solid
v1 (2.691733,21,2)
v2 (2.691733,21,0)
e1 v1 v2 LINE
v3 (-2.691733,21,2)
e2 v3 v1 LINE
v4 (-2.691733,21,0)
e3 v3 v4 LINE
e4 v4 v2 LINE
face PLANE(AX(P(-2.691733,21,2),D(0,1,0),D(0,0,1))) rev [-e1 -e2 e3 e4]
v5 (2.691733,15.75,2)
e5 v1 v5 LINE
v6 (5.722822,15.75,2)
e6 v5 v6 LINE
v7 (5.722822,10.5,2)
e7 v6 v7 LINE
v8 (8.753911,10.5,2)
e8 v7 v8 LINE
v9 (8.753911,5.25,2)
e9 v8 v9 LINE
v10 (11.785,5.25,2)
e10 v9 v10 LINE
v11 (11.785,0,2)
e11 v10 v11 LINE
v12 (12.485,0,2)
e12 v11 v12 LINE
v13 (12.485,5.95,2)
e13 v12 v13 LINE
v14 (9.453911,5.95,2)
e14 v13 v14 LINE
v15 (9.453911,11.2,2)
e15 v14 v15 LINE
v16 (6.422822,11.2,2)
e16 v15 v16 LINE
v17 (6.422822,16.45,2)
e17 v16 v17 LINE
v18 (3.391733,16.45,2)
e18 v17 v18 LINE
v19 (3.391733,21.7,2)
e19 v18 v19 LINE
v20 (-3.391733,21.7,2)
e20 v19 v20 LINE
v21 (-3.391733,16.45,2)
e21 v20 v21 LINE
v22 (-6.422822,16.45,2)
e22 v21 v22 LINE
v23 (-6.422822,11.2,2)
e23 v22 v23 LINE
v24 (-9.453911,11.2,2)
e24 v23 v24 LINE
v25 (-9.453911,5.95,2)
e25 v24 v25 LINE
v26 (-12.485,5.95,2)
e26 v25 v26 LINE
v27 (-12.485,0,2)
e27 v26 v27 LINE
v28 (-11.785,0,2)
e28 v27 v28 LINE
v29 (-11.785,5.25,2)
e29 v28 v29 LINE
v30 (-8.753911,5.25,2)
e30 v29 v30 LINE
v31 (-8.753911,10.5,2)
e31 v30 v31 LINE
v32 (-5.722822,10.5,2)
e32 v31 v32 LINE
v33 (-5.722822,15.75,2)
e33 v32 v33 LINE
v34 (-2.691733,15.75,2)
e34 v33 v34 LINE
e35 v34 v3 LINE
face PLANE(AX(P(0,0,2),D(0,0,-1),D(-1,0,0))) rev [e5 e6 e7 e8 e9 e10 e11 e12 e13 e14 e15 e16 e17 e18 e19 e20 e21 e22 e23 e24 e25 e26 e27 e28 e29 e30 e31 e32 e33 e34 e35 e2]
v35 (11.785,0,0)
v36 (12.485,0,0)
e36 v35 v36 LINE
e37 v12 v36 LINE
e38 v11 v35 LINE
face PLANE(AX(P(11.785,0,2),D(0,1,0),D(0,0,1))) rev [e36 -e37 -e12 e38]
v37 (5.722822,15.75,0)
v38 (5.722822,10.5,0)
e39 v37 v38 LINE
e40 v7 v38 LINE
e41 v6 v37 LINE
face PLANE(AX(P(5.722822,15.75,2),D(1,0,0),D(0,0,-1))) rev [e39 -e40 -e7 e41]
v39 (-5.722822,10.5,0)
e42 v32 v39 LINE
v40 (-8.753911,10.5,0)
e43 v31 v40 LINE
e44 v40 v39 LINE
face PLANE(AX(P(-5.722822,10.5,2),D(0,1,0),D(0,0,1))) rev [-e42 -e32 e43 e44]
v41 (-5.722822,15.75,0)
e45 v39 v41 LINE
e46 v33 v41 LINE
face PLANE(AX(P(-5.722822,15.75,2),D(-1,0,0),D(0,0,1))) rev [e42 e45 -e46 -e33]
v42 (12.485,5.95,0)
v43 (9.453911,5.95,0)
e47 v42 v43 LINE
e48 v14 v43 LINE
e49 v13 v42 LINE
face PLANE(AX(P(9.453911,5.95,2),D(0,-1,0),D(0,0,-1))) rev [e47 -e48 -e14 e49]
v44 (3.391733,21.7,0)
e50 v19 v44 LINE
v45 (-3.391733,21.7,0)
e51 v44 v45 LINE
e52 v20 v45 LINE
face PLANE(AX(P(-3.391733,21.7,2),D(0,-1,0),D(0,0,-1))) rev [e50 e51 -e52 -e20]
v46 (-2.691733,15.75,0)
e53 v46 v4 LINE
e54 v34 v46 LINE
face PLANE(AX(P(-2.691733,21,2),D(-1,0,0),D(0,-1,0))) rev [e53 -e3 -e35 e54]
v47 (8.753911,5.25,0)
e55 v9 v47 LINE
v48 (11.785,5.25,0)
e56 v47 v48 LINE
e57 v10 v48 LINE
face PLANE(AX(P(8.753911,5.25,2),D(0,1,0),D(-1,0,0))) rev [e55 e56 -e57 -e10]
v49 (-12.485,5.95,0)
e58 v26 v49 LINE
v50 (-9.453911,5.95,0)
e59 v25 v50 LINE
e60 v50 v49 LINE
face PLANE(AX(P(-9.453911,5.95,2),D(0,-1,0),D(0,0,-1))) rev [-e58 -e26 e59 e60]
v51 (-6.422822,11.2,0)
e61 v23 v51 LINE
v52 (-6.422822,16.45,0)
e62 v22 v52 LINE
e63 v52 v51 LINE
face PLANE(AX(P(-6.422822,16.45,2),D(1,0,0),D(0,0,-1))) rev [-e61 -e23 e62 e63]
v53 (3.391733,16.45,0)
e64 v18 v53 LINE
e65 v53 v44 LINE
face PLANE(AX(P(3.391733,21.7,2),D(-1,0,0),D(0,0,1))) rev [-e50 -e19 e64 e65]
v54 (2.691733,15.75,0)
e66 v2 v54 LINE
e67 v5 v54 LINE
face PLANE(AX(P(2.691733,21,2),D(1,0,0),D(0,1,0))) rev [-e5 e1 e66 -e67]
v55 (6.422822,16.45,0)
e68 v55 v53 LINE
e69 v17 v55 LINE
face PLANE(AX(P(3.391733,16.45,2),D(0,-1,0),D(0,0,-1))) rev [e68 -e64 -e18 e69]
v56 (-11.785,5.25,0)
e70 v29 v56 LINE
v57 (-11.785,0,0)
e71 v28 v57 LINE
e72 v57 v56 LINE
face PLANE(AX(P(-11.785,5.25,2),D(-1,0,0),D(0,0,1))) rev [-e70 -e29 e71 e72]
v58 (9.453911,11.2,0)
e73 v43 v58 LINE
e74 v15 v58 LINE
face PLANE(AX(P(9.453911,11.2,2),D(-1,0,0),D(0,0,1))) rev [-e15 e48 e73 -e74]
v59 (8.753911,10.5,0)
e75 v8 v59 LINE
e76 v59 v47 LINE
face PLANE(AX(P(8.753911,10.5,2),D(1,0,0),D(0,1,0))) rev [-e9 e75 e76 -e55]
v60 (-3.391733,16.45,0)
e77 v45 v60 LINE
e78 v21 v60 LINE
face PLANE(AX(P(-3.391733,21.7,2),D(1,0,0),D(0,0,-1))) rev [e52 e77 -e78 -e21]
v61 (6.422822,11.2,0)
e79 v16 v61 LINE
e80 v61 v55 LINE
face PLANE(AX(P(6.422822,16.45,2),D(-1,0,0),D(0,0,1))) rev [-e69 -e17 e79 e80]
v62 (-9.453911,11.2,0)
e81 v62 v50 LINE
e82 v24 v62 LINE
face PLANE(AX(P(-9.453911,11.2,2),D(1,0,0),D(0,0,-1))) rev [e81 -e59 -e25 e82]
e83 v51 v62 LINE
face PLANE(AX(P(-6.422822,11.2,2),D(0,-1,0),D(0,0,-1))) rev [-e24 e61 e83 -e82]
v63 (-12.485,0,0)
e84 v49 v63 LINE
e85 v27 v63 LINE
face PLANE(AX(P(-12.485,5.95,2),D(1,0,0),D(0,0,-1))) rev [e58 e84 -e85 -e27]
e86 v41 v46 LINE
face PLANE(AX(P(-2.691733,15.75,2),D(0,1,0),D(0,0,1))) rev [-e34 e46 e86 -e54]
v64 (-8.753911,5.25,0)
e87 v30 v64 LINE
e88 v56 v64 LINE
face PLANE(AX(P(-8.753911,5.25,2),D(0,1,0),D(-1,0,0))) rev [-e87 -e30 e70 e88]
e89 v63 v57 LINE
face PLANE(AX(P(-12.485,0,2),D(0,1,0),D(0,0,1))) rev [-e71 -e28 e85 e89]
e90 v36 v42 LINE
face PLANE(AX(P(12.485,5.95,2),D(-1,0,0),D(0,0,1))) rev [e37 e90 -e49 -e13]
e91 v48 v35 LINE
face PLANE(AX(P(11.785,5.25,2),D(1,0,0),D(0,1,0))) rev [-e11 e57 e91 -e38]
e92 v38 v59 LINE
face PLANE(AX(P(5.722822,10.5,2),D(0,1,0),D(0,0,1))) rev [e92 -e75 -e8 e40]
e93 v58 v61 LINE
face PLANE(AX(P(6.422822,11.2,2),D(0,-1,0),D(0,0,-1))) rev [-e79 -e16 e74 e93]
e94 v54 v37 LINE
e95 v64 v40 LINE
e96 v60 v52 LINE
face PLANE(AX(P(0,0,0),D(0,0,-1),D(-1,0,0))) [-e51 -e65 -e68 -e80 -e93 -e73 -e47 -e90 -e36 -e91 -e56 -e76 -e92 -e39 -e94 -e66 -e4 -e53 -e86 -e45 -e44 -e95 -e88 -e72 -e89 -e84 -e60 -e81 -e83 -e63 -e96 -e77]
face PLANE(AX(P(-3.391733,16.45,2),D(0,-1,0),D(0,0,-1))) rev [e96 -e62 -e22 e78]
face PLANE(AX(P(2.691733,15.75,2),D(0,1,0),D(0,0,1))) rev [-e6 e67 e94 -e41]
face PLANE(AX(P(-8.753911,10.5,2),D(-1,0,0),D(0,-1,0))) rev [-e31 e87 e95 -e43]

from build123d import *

# Parameters (mm, degrees)
EXTRUDE_1_DEPTH = 2


with BuildPart() as part:
    # 草图1 → 凸台-拉伸1 (new body)
    with BuildSketch(Plane.XY):
        Polygon((-2.69173326, 21), (2.69173326, 21), (2.69173326, 15.75), (5.722822174, 15.75), (5.722822174, 10.5), (8.753911087, 10.5), (8.753911087, 5.25), (11.785, 5.25), (11.785, 0), (12.485, 0), (12.485, 5.95), (9.453911087, 5.95), (9.453911087, 11.2), (6.422822174, 11.2), (6.422822174, 16.45), (3.39173326, 16.45), (3.39173326, 21.7), (-3.39173326, 21.7), (-3.39173326, 16.45), (-6.422822174, 16.45), (-6.422822174, 11.2), (-9.453911087, 11.2), (-9.453911087, 5.95), (-12.485, 5.95), (-12.485, 0), (-11.785, 0), (-11.785, 5.25), (-8.753911087, 5.25), (-8.753911087, 10.5), (-5.722822174, 10.5), (-5.722822174, 15.75), (-2.69173326, 15.75), align=None)
    extrude(amount=EXTRUDE_1_DEPTH)


solid = part.part
